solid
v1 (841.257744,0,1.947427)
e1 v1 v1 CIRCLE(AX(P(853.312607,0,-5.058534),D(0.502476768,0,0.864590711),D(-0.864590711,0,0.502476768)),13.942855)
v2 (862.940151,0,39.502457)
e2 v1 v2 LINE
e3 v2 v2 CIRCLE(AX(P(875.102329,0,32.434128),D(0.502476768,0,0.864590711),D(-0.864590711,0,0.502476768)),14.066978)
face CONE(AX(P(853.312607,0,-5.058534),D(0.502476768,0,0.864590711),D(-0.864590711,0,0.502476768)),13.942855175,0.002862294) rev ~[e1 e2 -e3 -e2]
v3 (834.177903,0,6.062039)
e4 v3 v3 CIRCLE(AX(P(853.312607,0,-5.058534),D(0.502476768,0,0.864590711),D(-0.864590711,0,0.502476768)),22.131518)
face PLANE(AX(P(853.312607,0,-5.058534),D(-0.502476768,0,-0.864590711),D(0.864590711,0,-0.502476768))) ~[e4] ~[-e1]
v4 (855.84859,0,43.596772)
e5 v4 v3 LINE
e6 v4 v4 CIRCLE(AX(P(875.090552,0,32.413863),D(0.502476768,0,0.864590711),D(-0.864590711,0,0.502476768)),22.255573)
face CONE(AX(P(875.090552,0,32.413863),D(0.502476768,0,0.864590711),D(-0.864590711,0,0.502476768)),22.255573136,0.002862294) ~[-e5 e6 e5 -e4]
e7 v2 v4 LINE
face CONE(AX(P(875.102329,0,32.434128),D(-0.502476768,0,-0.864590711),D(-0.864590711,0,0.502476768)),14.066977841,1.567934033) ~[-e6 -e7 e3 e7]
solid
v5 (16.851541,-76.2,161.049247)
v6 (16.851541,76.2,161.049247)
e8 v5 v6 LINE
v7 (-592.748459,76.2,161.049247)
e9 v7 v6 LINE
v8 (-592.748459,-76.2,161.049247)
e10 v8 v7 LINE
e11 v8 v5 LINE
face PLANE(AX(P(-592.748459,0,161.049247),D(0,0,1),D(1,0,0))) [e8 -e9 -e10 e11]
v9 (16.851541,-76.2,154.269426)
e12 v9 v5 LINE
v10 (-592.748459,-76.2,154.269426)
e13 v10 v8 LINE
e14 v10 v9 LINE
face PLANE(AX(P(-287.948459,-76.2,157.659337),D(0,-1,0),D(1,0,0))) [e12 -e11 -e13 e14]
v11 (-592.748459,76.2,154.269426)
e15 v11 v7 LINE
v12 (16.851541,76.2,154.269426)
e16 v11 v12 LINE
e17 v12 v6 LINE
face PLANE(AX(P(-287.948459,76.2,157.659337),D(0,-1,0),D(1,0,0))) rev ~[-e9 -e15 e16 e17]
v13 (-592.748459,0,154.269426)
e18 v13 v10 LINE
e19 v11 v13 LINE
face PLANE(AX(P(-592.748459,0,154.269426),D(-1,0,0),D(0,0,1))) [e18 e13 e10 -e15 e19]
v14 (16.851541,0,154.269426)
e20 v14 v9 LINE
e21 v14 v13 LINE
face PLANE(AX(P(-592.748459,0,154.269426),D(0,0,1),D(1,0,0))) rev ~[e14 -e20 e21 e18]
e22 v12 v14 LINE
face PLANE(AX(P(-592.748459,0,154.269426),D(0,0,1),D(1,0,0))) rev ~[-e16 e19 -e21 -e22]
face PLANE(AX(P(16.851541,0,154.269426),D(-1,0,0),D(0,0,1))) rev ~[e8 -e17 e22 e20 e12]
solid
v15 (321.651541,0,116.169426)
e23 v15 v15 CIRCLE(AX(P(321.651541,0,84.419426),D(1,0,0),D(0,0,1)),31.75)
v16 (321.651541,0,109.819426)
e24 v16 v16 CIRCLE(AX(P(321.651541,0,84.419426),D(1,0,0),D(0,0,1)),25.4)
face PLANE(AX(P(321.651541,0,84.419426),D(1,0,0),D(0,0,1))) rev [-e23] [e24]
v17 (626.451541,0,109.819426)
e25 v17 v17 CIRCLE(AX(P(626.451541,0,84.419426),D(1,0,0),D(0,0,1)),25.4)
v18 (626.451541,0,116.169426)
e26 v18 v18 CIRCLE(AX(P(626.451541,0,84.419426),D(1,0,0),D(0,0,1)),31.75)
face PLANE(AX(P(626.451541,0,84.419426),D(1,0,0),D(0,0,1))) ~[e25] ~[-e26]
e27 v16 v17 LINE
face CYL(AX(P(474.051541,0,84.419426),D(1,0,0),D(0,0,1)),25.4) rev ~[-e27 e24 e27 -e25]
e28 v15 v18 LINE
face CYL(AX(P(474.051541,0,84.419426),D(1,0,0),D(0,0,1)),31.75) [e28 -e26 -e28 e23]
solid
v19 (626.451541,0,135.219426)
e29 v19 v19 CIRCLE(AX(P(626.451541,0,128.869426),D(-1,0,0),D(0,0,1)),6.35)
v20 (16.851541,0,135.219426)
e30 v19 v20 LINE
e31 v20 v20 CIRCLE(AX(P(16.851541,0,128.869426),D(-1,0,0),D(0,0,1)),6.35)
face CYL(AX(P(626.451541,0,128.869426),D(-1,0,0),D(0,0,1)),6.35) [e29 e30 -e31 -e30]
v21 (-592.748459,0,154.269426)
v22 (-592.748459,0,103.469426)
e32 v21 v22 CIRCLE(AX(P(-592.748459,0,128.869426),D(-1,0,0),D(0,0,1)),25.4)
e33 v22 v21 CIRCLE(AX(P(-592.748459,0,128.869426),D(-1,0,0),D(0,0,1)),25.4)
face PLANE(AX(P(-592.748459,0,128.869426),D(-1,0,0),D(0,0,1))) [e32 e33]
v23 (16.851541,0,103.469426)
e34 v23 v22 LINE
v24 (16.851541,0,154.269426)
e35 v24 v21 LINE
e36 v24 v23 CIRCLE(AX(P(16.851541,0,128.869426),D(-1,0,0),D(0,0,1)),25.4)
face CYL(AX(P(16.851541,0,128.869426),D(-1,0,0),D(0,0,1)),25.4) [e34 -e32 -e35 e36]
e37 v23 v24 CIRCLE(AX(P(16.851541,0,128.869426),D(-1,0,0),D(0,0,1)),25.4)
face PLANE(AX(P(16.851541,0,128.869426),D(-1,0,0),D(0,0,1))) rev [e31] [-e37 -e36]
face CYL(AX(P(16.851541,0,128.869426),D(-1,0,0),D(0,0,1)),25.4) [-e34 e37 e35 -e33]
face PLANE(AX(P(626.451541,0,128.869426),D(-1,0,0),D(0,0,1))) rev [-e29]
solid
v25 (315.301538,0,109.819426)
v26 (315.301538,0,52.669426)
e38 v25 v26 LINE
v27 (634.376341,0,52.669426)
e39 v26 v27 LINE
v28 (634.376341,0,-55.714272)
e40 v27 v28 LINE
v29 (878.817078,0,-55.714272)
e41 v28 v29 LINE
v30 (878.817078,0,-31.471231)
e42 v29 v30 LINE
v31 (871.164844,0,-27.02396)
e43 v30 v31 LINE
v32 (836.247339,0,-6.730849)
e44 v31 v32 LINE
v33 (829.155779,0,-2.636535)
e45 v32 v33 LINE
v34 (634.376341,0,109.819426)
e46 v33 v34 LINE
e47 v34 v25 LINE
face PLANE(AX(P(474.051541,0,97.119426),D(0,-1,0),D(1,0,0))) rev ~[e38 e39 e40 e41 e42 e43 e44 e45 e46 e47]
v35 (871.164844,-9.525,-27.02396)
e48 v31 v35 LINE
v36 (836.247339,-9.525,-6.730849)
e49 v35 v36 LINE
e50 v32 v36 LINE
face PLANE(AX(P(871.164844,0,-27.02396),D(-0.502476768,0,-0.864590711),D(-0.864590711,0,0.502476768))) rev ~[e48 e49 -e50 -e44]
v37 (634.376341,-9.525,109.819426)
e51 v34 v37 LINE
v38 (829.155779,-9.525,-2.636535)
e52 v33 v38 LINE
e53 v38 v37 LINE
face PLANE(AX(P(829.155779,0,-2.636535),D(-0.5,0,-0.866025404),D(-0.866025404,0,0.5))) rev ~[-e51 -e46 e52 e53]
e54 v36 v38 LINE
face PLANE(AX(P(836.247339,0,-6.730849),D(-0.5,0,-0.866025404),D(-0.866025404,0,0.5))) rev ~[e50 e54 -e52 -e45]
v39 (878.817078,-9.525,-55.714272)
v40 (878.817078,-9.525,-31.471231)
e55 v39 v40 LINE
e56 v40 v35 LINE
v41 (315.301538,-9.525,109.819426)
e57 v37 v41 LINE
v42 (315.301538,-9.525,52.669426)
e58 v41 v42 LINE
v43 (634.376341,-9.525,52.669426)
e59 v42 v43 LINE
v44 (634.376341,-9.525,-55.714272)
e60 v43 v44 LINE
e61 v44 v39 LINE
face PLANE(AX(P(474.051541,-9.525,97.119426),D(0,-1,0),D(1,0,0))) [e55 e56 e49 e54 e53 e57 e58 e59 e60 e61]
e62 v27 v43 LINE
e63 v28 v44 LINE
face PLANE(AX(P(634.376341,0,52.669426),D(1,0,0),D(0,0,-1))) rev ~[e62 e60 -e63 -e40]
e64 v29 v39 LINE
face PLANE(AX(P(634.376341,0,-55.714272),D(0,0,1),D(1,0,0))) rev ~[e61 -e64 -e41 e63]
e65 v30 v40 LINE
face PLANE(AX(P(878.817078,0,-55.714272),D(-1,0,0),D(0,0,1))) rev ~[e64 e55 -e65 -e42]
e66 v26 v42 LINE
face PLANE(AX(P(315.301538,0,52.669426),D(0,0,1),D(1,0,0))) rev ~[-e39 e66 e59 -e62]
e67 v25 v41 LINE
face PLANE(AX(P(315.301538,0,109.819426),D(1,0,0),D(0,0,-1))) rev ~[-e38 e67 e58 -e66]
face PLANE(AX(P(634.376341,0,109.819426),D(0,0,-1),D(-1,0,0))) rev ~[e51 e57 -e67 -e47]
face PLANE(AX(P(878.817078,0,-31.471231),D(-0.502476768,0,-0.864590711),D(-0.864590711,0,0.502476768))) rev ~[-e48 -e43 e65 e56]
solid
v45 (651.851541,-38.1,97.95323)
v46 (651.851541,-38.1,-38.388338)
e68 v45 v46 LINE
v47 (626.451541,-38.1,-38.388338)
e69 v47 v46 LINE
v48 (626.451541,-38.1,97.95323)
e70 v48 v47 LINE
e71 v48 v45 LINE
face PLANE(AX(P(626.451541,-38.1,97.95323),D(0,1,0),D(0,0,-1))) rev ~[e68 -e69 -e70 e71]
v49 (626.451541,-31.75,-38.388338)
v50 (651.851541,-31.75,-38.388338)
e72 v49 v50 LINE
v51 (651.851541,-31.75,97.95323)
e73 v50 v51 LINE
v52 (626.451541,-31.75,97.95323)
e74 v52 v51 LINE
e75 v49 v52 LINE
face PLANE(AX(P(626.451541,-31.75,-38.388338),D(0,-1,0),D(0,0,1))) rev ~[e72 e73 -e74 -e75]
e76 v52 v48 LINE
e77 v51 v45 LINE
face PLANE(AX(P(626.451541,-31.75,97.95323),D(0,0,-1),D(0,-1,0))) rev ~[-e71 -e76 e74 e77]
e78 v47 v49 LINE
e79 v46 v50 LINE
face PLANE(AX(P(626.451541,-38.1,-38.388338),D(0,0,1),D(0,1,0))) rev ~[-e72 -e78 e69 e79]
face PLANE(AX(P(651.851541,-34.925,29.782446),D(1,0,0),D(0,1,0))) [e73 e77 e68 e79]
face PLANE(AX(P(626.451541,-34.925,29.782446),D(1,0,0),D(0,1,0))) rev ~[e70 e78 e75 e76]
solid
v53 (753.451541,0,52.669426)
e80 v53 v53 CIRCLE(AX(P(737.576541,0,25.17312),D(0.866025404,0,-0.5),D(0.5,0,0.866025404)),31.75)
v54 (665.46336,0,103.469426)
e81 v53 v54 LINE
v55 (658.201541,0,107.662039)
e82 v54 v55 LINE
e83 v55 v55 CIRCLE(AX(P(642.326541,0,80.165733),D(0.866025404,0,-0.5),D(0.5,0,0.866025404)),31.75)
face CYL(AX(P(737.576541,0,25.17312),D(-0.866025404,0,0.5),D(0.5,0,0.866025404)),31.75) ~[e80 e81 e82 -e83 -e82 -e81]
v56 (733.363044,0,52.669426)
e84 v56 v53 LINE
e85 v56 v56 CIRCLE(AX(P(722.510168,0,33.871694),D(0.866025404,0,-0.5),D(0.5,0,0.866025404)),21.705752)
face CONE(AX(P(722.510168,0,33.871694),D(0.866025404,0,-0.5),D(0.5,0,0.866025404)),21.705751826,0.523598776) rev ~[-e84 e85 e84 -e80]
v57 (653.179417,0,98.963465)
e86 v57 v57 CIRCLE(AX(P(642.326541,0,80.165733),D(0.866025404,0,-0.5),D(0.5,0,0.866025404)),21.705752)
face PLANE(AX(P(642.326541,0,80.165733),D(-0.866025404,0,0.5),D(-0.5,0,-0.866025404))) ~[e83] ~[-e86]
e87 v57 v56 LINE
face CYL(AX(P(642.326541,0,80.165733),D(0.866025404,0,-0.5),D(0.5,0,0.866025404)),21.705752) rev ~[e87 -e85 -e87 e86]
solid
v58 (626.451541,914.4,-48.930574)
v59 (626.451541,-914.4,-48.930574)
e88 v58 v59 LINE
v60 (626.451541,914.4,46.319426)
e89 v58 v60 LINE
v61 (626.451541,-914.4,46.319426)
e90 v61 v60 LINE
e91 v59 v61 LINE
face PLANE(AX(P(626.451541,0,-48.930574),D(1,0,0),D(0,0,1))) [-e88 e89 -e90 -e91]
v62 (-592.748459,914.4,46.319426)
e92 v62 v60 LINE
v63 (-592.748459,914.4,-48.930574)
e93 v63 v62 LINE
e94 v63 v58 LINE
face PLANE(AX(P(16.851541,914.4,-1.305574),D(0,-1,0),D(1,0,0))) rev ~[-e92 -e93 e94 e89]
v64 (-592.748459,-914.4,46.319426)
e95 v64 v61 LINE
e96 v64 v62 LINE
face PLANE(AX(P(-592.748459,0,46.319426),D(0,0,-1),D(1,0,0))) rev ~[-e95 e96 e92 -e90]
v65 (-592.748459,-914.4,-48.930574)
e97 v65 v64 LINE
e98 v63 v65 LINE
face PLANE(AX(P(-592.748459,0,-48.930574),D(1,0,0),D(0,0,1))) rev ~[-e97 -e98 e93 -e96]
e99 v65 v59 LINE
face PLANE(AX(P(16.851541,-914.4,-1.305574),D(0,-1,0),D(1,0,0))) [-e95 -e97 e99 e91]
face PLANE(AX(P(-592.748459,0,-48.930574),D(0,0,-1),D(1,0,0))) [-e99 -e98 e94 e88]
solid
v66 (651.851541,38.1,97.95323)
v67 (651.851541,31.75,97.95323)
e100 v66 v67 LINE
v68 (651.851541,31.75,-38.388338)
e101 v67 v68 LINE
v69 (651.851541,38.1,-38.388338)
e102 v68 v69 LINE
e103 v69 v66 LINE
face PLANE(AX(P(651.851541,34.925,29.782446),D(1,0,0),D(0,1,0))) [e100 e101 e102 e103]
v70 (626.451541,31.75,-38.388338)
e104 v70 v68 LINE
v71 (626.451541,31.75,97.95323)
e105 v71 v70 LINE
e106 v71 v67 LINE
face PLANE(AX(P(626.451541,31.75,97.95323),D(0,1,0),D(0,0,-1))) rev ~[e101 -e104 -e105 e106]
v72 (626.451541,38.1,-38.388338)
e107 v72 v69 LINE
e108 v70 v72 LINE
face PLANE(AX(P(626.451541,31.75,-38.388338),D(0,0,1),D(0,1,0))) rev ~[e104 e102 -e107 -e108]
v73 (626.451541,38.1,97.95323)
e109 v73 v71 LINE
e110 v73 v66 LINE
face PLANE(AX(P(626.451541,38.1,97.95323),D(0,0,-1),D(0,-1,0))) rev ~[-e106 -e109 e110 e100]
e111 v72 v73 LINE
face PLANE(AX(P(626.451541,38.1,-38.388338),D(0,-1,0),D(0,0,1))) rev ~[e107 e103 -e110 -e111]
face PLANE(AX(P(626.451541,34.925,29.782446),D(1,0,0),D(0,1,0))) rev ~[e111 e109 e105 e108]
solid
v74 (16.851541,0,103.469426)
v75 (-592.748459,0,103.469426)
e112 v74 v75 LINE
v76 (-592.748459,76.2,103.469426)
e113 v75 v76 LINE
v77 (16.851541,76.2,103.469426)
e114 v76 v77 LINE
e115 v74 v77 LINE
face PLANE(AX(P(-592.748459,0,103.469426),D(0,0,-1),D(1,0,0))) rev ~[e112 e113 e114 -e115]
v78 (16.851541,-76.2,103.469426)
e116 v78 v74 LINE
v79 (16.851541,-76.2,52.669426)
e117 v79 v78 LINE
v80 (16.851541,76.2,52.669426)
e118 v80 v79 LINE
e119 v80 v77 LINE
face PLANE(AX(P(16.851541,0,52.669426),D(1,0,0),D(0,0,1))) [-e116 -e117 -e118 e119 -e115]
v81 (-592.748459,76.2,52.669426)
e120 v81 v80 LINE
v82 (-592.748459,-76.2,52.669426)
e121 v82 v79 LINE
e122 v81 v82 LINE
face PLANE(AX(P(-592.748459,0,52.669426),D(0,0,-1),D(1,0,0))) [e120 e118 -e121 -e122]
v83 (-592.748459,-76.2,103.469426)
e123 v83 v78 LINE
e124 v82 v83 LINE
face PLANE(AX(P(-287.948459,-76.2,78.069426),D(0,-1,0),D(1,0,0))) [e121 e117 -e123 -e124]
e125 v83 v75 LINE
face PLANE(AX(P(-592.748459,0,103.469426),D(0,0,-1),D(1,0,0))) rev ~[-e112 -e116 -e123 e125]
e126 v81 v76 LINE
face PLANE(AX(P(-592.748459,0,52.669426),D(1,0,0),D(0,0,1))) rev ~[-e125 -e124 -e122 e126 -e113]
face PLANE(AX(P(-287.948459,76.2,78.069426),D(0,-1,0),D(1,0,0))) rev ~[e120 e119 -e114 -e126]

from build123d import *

# Parameters (mm, degrees)
F0_W      = 304.8
F0_H      = 6.35
F0_W_2    = 609.6
F0_H_2    = 6.77982057
F0_H_3    = 50.8
F6_DEPTH  = 76.2
F0_W_3    = 1219.2
F0_H_4    = 95.25
F7_DEPTH  = 914.4
F9_DEPTH  = 25.4
F0_H_5    = 25.4
F10_DEPTH = 9.525


with BuildPart() as f1:
    # F0 (on Front) → F1 (revolve)
    with BuildSketch(Plane.XZ):
        Polygon((655.7809343297, 103.469426218), (653.179416568, 98.963465278), (733.3630443075, 52.669426218), (753.4515406549, 52.669426218), (665.4633596304, 103.469426218), align=None)
        Polygon((658.2015406549, 107.6620393584), (655.7809343297, 103.469426218), (665.4633596304, 103.469426218), align=None)
    revolve(axis=Axis((730.3147216794, 0, 29.3657327882), (0.8660254038, 0, -0.5)))


with BuildPart() as f2:
    # F0 (on Front) → F2 (revolve)
    with BuildSketch(Plane.XZ):
        with Locations((474.0515406549, 112.994426218)):
            Rectangle(F0_W, F0_H)
    revolve(axis=Axis((474.0515406549, 0, 84.419426218), (1, 0, 0)))


with BuildPart() as f3:
    # F0 (on Front) → F3 (revolve)
    with BuildSketch(Plane.XZ):
        Polygon((855.8485904794, 43.5967716205), (834.1779027039, 6.0620393584), (841.257744138, 1.9474267538), (862.9401510761, 39.502457201), align=None)
    revolve(axis=Axis((864.2175841779, 0, 13.7052027119), (0.5024767675, 0, 0.8645907113)))


with BuildPart() as f4:
    # F0 (on Front) → F4 (revolve)
    with BuildSketch(Plane.XZ):
        Polygon((-592.7484593451, 154.269426218), (-592.7484593451, 128.869426218), (16.8515406549, 128.869426218), (16.8515406549, 135.219426218), (16.8515406549, 154.269426218), align=None)
    revolve(axis=Axis((-287.9484593451, 0, 128.869426218), (-1, 0, 0)))

    # F0 (on Front) → F5 (revolve)
    with BuildSketch(Plane.XZ):
        Polygon((16.8515406549, 135.219426218), (16.8515406549, 128.869426218), (626.4515406549, 128.869426218), (626.4515406549, 135.219426218), (554.7779027039, 135.219426218), align=None)
    revolve(axis=Axis((321.6515406549, 0, 128.869426218), (-1, 0, 0)))

    # F0 (on Front) → F6 (join, symmetric)
    with BuildSketch(Plane.XZ):
        with Locations((-287.9484593451, 157.659336503)):
            Rectangle(F0_W_2, F0_H_2)
        with Locations((-287.9484593451, 78.069426218)):
            Rectangle(F0_W_2, F0_H_3)
    extrude(amount=F6_DEPTH, both=True)


with BuildPart() as f7:
    # F0 (on Front) → F7 (new body, symmetric)
    with BuildSketch(Plane.XZ):
        with Locations((16.8515406549, -1.305573782)):
            Rectangle(F0_W_3, F0_H_4)
    extrude(amount=F7_DEPTH, both=True)


with BuildPart() as f9:
    # F8 (on face) → F9 (new body)
    with BuildSketch(Plane.YZ.offset(626.4515406549)):
        Polygon((-31.75, -38.38833794), (-31.75, 84.419426218), (-31.75, 97.9532301426), (-38.1, 97.9532301426), (-38.1, -38.38833794), align=None)
    extrude(amount=F9_DEPTH)


with BuildPart() as f9b:
    # F8 (on face) → F9, piece 2 (new body)
    with BuildSketch(Plane.YZ.offset(626.4515406549)):
        Polygon((38.1, 97.9532301426), (31.75, 97.9532301426), (31.75, 84.419426218), (31.75, -14.3260782923), (31.75, -38.38833794), (38.1, -38.38833794), align=None)
    extrude(amount=F9_DEPTH)


with BuildPart() as f10:
    # F0 (on Front) → F10 (new body)
    with BuildSketch(Plane.XZ):
        with Locations((474.0515406549, 97.119426218)):
            Rectangle(F0_W, F0_H_5)
        Polygon((315.3015375137, 52.669426218), (321.6515406549, 52.669426218), (321.6515406549, 84.419426218), (321.6515406549, 109.819426218), (315.3015375137, 109.819426218), align=None)
        Polygon((365.3527498245, 52.669426218), (626.4515406549, 52.669426218), (626.4515406549, 84.419426218), (321.6515406549, 84.419426218), (321.6515406549, 52.669426218), align=None)
        Polygon((626.4515406549, 84.419426218), (626.4515406549, 52.669426218), (634.3763406549, 66.3955824579), (634.3763406549, 109.819426218), (626.4515406549, 109.819426218), align=None)
        Polygon((634.3763406549, 109.819426218), (634.3763406549, 66.3955824579), (642.3265406549, 80.1657327882), (653.179416568, 98.963465278), align=None)
        Polygon((653.179416568, 98.963465278), (642.3265406549, 80.1657327882), (689.9515406549, 52.669426218), (733.3630443075, 52.669426218), align=None)
        Polygon((642.3265406549, 80.1657327882), (634.3763406549, 66.3955824579), (634.3763406549, 52.669426218), (689.9515406549, 52.669426218), align=None)
        Polygon((634.3763406549, 66.3955824579), (626.4515406549, 52.669426218), (634.3763406549, 52.669426218), align=None)
        Polygon((802.4279027039, -48.930573782), (634.3763406549, 48.0940408048), (634.3763406549, -55.7142719626), (807.9667468622, -55.7142719626), (836.2473392138, -6.7308491415), (829.155778617, -2.636534722), (818.3029027039, -21.4342672118), align=None)
        Polygon((634.3763406549, 52.669426218), (634.3763406549, 48.0940408048), (802.4279027039, -48.930573782), (818.3029027039, -21.4342672118), (689.9515406549, 52.669426218), align=None)
        Polygon((733.3630443075, 52.669426218), (689.9515406549, 52.669426218), (818.3029027039, -21.4342672118), (829.155778617, -2.636534722), align=None)
        Polygon((836.2473392138, -6.7308491415), (807.9667468622, -55.7142719626), (824.2119550705, -55.7142719626), (854.6004848789, -55.7142719626), (871.1648442681, -27.0239599059), (848.3022022869, -13.73680994), align=None)
        Polygon((871.1648442681, -27.0239599059), (854.6004848789, -55.7142719626), (878.8170780003, -55.7142719626), (878.8170780003, -31.4712314529), align=None)
    extrude(amount=F10_DEPTH)


solid = Compound([f1.part, f2.part, f3.part, f4.part, f7.part, f9.part, f9b.part, f10.part])
